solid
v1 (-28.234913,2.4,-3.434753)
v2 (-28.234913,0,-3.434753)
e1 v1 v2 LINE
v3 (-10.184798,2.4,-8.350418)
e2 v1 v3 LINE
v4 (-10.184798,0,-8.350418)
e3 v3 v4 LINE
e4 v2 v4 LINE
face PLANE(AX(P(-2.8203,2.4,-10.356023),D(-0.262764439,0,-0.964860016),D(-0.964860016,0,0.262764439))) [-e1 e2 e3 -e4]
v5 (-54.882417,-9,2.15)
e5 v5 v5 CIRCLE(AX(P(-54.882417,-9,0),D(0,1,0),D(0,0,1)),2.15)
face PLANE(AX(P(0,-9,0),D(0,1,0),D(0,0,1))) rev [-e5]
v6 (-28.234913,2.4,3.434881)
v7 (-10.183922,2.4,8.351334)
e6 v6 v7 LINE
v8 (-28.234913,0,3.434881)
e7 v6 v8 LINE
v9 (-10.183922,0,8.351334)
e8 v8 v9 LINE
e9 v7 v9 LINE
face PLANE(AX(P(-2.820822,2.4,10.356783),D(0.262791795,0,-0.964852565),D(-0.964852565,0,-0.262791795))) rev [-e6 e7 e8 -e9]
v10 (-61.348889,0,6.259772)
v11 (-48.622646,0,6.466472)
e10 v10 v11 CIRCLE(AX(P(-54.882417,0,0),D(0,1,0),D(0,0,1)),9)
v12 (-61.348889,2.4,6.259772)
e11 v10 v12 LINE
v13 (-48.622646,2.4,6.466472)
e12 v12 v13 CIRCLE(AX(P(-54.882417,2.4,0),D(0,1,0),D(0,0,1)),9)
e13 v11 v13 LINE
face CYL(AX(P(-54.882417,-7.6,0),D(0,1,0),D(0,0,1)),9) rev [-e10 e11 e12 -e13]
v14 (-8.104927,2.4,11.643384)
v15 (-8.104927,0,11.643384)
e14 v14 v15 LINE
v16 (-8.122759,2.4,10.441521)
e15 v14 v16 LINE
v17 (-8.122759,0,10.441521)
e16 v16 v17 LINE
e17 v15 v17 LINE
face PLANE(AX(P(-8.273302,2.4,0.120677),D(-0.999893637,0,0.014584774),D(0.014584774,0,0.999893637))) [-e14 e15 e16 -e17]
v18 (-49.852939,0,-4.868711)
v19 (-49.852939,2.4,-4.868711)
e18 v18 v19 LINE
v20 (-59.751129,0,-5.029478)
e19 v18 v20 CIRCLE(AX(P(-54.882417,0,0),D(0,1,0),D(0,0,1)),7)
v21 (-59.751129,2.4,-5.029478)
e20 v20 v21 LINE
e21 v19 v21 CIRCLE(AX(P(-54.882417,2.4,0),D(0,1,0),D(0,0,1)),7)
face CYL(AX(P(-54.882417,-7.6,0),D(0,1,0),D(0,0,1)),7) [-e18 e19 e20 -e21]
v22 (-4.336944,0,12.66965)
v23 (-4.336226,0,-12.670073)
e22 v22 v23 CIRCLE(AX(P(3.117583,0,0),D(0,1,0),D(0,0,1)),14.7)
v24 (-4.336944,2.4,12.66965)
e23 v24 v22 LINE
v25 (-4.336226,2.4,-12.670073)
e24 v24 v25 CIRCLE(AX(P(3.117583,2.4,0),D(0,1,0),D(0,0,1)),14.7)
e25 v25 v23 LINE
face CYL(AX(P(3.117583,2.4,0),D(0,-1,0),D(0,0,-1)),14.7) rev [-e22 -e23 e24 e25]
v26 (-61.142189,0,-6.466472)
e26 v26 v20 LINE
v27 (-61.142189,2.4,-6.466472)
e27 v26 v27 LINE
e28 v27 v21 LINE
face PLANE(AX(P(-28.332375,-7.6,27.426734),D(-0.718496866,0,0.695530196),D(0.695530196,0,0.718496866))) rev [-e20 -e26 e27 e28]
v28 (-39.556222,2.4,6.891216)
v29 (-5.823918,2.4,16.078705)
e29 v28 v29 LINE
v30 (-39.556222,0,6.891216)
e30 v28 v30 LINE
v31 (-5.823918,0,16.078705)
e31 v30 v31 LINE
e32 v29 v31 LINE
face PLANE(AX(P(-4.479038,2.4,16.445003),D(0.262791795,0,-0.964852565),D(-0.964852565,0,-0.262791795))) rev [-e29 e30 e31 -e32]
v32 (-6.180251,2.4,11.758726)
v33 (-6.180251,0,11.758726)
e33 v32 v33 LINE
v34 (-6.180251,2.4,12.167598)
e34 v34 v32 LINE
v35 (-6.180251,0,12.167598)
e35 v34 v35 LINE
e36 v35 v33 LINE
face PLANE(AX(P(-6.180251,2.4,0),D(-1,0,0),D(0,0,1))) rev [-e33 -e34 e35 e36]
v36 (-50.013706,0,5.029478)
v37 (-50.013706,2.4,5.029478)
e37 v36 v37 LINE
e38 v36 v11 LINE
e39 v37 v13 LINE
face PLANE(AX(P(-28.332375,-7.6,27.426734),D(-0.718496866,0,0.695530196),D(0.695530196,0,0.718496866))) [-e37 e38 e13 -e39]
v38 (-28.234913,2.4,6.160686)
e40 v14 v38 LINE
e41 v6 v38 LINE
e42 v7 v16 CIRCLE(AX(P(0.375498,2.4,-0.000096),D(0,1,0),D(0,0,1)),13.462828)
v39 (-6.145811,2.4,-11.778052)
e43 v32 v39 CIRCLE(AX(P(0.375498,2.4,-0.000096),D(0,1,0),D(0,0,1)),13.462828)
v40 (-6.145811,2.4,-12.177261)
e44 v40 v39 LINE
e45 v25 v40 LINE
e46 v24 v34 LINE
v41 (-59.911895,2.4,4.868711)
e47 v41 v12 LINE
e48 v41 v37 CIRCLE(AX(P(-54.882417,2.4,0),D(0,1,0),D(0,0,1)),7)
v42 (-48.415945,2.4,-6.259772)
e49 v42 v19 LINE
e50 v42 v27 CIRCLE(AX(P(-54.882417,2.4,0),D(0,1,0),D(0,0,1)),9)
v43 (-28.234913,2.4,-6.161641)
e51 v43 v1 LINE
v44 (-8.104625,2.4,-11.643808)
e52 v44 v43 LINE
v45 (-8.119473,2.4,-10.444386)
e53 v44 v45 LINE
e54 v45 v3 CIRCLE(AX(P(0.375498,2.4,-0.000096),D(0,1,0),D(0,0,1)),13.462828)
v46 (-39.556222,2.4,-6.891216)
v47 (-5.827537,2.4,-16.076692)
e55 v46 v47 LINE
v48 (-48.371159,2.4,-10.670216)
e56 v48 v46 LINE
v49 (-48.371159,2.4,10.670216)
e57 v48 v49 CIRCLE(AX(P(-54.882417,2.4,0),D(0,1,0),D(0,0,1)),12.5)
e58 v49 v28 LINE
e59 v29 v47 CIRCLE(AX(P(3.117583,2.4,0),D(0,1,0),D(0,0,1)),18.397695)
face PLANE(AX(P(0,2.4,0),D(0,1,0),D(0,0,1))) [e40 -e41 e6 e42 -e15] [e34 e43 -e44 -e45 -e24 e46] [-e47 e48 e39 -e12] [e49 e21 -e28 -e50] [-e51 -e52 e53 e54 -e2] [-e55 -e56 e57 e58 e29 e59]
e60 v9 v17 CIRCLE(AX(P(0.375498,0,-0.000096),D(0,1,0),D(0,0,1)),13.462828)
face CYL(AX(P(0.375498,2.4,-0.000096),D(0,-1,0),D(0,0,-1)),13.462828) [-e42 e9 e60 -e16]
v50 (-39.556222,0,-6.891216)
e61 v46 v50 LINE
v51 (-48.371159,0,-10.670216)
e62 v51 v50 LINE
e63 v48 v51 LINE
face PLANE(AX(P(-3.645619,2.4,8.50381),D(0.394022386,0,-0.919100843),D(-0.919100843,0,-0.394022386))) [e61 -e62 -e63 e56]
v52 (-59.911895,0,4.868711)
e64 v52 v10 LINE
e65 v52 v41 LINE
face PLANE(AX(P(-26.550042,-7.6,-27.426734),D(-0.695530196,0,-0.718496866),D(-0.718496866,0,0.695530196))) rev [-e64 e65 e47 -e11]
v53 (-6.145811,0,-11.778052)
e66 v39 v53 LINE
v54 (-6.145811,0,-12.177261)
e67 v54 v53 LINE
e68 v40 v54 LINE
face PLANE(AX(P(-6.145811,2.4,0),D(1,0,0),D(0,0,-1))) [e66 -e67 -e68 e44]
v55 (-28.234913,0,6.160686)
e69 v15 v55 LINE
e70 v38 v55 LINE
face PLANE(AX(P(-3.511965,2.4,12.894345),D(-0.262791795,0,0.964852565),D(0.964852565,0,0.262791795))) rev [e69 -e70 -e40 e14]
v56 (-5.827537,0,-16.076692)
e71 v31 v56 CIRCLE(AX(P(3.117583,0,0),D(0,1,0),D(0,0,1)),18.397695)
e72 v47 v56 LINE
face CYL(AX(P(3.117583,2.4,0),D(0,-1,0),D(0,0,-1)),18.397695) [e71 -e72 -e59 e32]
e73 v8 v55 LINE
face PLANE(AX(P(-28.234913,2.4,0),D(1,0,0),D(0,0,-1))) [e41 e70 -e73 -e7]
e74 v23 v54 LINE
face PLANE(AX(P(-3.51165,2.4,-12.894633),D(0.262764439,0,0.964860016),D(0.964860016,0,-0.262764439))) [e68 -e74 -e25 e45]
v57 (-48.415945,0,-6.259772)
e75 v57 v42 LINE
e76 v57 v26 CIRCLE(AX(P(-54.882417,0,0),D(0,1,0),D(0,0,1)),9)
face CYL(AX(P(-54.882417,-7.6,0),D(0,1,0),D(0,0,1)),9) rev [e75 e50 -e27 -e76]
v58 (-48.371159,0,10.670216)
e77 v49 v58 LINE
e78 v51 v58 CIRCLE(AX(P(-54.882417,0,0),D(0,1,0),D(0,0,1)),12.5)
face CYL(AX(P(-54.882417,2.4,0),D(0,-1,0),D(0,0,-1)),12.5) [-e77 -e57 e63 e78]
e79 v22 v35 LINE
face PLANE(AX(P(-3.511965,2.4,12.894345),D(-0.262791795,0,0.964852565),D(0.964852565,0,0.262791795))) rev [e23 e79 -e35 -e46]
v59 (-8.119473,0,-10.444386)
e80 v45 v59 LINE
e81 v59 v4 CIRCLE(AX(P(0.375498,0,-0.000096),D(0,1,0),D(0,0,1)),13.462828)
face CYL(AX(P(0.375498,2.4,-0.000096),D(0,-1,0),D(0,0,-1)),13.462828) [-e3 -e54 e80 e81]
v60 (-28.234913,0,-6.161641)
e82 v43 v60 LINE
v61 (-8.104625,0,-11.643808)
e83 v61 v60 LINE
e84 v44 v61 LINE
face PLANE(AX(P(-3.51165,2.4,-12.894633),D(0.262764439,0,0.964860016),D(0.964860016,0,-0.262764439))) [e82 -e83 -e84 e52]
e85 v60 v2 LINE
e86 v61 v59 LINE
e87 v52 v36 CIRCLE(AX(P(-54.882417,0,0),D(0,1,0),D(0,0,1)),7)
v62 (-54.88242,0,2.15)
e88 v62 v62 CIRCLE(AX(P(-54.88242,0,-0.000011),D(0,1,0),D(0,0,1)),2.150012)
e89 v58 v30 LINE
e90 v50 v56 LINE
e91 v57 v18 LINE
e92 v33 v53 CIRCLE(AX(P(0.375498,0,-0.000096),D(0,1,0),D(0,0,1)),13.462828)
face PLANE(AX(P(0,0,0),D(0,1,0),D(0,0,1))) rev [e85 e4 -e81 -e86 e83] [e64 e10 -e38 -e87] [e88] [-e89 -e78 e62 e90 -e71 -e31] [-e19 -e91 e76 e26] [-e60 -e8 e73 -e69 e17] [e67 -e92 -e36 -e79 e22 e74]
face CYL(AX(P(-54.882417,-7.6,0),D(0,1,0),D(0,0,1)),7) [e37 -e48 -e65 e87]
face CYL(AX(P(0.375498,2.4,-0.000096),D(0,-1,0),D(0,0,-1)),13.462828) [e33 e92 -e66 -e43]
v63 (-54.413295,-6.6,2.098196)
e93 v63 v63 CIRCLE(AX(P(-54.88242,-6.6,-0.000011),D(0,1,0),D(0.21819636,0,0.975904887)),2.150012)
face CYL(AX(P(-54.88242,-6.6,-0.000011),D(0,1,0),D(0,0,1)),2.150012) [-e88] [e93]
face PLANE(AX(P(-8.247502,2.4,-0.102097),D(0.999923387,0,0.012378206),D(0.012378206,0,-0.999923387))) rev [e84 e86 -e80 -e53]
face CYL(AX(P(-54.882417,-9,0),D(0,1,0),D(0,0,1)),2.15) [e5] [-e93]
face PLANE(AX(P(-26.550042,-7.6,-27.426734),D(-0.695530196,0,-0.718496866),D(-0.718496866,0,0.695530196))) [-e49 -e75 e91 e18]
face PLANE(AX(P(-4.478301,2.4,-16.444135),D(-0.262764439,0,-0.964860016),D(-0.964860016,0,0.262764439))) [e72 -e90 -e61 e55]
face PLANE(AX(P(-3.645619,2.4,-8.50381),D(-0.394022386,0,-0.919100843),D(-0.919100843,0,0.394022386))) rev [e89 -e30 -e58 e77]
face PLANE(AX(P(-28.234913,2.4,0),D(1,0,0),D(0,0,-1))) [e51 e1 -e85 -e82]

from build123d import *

# Parameters (mm, degrees)
BOSS_EXTRUDE1_DEPTH = 2.4
BOSS_EXTRUDE2_DEPTH = 9
SKETCH2_R           = 2.150011747
BOSS_EXTRUDE3_DEPTH = 9
CUT_EXTRUDE1_DEPTH  = 10


with BuildPart() as part:
    # Sketch1 → Boss-Extrude1 (new body)
    with BuildSketch(Plane(origin=(0, 0, 0), x_dir=(1, 0, 0), z_dir=(0, 1, 0))):
        with BuildLine():
            Line((-39.556221528, -6.891215643), (-5.823918226, -16.078704856))
            ThreePointArc((-5.823918226, -16.078704856), (21.515277807, 0.00207027), (-5.827536633, 16.076692097))
            Line((-5.827536633, 16.076692097), (-39.556221528, 6.891215643))
            Line((-39.556221528, 6.891215643), (-48.371159118, 10.670216357))
            ThreePointArc((-48.371159118, 10.670216357), (-67.382417284, 0), (-48.371159118, -10.670216357))
            Line((-48.371159118, -10.670216357), (-39.556221528, -6.891215643))
        make_face()
        with BuildLine():
            Line((-8.122758878, -10.441521159), (-8.105229312, -11.643301988))
            Line((-8.105229312, -11.643301988), (-28.234913418, -6.160686291))
            Line((-28.234913418, -6.160686291), (-28.234913418, -3.434881235))
            Line((-28.234913418, -3.434881235), (-26.602273601, -3.879554715))
            Line((-26.602273601, -3.879554715), (-10.183921919, -8.35133441))
            ThreePointArc((-10.183921919, -8.35133441), (-9.210480376, -9.452774334), (-8.122758878, -10.441521159))
        make_face(mode=Mode.SUBTRACT)
        with BuildLine():
            Line((-28.234913418, 6.161641155), (-8.104625251, 11.643808294))
            Line((-8.104625251, 11.643808294), (-8.119473087, 10.444385808))
            ThreePointArc((-8.119473087, 10.444385808), (-9.209489158, 9.453970662), (-10.184798219, 8.350417567))
            Line((-10.184798219, 8.350417567), (-26.60206646, 3.879432964))
            Line((-26.60206646, 3.879432964), (-28.234913418, 3.434752795))
            Line((-28.234913418, 3.434752795), (-28.234913418, 6.161641155))
        make_face(mode=Mode.SUBTRACT)
        with BuildLine():
            Line((-4.336944207, -12.669649891), (-6.180251244, -12.167598093))
            Line((-6.180251244, -12.167598093), (-6.180251244, -11.758725803))
            ThreePointArc((-6.180251244, -11.758725803), (13.838310708, -0.01960386), (-6.145811005, 11.778052091))
            Line((-6.145811005, 11.778052091), (-6.145811005, 12.177260522))
            Line((-6.145811005, 12.177260522), (-4.336225757, 12.670072583))
            ThreePointArc((-4.336225757, 12.670072583), (17.81758271, -0.000416785), (-4.336944207, -12.669649891))
        make_face(mode=Mode.SUBTRACT)
    extrude(amount=BOSS_EXTRUDE1_DEPTH)



with BuildPart() as body_2:
    # Sketch1<4> → Boss-Extrude2 (new body)
    with BuildSketch(Plane(origin=(0, 0, 0), x_dir=(1, 0, 0), z_dir=(0, 1, 0))):
        with BuildLine():
            ThreePointArc((-57.032417284, 0), (-54.882417284, -2.15), (-52.732417284, 0))
            Line((-52.732417284, 0), (-57.032417284, 0))
        make_face()
        with BuildLine():
            Line((-57.032417284, 0), (-52.732417284, 0))
            ThreePointArc((-52.732417284, 0), (-54.882417284, 2.15), (-57.032417284, 0))
        make_face()
    extrude(amount=-BOSS_EXTRUDE2_DEPTH)


with BuildPart() as part_1:
    add(part.part)

    add(body_2.part)  # Boss-Extrude3 merges body 2
    # Sketch2 → Boss-Extrude3 (add)
    with BuildSketch(Plane(origin=(0, 2.4, 0), x_dir=(1, 0, 0), z_dir=(0, 1, 0))):
        with Locations((-54.882419847, 1.1464e-05)):
            Circle(SKETCH2_R)
    extrude(amount=-BOSS_EXTRUDE3_DEPTH)

    # Sketch3 → Cut-Extrude1 (cut)
    with BuildSketch(Plane(origin=(0, 2.4, 0), x_dir=(1, 0, 0), z_dir=(0, 1, 0))):
        with BuildLine():
            ThreePointArc((-48.415945495, 6.259771763), (-54.736258294, 8.998813115), (-61.142189047, 6.466471789))
            Line((-61.142189047, 6.466471789), (-59.751128654, 5.029478057))
            ThreePointArc((-59.751128654, 5.029478057), (-54.768738069, 6.999076866), (-49.852939226, 4.86871137))
            Line((-49.852939226, 4.86871137), (-48.415945495, 6.259771763))
        make_face()
        with BuildLine():
            Line((-59.911895341, -4.86871137), (-61.348889073, -6.259771763))
            ThreePointArc((-61.348889073, -6.259771763), (-55.028576274, -8.998813115), (-48.622645521, -6.466471789))
            Line((-48.622645521, -6.466471789), (-50.013705914, -5.029478057))
            ThreePointArc((-50.013705914, -5.029478057), (-54.996096499, -6.999076866), (-59.911895341, -4.86871137))
        make_face()
    extrude(amount=-CUT_EXTRUDE1_DEPTH, mode=Mode.SUBTRACT)


solid = part_1.part
